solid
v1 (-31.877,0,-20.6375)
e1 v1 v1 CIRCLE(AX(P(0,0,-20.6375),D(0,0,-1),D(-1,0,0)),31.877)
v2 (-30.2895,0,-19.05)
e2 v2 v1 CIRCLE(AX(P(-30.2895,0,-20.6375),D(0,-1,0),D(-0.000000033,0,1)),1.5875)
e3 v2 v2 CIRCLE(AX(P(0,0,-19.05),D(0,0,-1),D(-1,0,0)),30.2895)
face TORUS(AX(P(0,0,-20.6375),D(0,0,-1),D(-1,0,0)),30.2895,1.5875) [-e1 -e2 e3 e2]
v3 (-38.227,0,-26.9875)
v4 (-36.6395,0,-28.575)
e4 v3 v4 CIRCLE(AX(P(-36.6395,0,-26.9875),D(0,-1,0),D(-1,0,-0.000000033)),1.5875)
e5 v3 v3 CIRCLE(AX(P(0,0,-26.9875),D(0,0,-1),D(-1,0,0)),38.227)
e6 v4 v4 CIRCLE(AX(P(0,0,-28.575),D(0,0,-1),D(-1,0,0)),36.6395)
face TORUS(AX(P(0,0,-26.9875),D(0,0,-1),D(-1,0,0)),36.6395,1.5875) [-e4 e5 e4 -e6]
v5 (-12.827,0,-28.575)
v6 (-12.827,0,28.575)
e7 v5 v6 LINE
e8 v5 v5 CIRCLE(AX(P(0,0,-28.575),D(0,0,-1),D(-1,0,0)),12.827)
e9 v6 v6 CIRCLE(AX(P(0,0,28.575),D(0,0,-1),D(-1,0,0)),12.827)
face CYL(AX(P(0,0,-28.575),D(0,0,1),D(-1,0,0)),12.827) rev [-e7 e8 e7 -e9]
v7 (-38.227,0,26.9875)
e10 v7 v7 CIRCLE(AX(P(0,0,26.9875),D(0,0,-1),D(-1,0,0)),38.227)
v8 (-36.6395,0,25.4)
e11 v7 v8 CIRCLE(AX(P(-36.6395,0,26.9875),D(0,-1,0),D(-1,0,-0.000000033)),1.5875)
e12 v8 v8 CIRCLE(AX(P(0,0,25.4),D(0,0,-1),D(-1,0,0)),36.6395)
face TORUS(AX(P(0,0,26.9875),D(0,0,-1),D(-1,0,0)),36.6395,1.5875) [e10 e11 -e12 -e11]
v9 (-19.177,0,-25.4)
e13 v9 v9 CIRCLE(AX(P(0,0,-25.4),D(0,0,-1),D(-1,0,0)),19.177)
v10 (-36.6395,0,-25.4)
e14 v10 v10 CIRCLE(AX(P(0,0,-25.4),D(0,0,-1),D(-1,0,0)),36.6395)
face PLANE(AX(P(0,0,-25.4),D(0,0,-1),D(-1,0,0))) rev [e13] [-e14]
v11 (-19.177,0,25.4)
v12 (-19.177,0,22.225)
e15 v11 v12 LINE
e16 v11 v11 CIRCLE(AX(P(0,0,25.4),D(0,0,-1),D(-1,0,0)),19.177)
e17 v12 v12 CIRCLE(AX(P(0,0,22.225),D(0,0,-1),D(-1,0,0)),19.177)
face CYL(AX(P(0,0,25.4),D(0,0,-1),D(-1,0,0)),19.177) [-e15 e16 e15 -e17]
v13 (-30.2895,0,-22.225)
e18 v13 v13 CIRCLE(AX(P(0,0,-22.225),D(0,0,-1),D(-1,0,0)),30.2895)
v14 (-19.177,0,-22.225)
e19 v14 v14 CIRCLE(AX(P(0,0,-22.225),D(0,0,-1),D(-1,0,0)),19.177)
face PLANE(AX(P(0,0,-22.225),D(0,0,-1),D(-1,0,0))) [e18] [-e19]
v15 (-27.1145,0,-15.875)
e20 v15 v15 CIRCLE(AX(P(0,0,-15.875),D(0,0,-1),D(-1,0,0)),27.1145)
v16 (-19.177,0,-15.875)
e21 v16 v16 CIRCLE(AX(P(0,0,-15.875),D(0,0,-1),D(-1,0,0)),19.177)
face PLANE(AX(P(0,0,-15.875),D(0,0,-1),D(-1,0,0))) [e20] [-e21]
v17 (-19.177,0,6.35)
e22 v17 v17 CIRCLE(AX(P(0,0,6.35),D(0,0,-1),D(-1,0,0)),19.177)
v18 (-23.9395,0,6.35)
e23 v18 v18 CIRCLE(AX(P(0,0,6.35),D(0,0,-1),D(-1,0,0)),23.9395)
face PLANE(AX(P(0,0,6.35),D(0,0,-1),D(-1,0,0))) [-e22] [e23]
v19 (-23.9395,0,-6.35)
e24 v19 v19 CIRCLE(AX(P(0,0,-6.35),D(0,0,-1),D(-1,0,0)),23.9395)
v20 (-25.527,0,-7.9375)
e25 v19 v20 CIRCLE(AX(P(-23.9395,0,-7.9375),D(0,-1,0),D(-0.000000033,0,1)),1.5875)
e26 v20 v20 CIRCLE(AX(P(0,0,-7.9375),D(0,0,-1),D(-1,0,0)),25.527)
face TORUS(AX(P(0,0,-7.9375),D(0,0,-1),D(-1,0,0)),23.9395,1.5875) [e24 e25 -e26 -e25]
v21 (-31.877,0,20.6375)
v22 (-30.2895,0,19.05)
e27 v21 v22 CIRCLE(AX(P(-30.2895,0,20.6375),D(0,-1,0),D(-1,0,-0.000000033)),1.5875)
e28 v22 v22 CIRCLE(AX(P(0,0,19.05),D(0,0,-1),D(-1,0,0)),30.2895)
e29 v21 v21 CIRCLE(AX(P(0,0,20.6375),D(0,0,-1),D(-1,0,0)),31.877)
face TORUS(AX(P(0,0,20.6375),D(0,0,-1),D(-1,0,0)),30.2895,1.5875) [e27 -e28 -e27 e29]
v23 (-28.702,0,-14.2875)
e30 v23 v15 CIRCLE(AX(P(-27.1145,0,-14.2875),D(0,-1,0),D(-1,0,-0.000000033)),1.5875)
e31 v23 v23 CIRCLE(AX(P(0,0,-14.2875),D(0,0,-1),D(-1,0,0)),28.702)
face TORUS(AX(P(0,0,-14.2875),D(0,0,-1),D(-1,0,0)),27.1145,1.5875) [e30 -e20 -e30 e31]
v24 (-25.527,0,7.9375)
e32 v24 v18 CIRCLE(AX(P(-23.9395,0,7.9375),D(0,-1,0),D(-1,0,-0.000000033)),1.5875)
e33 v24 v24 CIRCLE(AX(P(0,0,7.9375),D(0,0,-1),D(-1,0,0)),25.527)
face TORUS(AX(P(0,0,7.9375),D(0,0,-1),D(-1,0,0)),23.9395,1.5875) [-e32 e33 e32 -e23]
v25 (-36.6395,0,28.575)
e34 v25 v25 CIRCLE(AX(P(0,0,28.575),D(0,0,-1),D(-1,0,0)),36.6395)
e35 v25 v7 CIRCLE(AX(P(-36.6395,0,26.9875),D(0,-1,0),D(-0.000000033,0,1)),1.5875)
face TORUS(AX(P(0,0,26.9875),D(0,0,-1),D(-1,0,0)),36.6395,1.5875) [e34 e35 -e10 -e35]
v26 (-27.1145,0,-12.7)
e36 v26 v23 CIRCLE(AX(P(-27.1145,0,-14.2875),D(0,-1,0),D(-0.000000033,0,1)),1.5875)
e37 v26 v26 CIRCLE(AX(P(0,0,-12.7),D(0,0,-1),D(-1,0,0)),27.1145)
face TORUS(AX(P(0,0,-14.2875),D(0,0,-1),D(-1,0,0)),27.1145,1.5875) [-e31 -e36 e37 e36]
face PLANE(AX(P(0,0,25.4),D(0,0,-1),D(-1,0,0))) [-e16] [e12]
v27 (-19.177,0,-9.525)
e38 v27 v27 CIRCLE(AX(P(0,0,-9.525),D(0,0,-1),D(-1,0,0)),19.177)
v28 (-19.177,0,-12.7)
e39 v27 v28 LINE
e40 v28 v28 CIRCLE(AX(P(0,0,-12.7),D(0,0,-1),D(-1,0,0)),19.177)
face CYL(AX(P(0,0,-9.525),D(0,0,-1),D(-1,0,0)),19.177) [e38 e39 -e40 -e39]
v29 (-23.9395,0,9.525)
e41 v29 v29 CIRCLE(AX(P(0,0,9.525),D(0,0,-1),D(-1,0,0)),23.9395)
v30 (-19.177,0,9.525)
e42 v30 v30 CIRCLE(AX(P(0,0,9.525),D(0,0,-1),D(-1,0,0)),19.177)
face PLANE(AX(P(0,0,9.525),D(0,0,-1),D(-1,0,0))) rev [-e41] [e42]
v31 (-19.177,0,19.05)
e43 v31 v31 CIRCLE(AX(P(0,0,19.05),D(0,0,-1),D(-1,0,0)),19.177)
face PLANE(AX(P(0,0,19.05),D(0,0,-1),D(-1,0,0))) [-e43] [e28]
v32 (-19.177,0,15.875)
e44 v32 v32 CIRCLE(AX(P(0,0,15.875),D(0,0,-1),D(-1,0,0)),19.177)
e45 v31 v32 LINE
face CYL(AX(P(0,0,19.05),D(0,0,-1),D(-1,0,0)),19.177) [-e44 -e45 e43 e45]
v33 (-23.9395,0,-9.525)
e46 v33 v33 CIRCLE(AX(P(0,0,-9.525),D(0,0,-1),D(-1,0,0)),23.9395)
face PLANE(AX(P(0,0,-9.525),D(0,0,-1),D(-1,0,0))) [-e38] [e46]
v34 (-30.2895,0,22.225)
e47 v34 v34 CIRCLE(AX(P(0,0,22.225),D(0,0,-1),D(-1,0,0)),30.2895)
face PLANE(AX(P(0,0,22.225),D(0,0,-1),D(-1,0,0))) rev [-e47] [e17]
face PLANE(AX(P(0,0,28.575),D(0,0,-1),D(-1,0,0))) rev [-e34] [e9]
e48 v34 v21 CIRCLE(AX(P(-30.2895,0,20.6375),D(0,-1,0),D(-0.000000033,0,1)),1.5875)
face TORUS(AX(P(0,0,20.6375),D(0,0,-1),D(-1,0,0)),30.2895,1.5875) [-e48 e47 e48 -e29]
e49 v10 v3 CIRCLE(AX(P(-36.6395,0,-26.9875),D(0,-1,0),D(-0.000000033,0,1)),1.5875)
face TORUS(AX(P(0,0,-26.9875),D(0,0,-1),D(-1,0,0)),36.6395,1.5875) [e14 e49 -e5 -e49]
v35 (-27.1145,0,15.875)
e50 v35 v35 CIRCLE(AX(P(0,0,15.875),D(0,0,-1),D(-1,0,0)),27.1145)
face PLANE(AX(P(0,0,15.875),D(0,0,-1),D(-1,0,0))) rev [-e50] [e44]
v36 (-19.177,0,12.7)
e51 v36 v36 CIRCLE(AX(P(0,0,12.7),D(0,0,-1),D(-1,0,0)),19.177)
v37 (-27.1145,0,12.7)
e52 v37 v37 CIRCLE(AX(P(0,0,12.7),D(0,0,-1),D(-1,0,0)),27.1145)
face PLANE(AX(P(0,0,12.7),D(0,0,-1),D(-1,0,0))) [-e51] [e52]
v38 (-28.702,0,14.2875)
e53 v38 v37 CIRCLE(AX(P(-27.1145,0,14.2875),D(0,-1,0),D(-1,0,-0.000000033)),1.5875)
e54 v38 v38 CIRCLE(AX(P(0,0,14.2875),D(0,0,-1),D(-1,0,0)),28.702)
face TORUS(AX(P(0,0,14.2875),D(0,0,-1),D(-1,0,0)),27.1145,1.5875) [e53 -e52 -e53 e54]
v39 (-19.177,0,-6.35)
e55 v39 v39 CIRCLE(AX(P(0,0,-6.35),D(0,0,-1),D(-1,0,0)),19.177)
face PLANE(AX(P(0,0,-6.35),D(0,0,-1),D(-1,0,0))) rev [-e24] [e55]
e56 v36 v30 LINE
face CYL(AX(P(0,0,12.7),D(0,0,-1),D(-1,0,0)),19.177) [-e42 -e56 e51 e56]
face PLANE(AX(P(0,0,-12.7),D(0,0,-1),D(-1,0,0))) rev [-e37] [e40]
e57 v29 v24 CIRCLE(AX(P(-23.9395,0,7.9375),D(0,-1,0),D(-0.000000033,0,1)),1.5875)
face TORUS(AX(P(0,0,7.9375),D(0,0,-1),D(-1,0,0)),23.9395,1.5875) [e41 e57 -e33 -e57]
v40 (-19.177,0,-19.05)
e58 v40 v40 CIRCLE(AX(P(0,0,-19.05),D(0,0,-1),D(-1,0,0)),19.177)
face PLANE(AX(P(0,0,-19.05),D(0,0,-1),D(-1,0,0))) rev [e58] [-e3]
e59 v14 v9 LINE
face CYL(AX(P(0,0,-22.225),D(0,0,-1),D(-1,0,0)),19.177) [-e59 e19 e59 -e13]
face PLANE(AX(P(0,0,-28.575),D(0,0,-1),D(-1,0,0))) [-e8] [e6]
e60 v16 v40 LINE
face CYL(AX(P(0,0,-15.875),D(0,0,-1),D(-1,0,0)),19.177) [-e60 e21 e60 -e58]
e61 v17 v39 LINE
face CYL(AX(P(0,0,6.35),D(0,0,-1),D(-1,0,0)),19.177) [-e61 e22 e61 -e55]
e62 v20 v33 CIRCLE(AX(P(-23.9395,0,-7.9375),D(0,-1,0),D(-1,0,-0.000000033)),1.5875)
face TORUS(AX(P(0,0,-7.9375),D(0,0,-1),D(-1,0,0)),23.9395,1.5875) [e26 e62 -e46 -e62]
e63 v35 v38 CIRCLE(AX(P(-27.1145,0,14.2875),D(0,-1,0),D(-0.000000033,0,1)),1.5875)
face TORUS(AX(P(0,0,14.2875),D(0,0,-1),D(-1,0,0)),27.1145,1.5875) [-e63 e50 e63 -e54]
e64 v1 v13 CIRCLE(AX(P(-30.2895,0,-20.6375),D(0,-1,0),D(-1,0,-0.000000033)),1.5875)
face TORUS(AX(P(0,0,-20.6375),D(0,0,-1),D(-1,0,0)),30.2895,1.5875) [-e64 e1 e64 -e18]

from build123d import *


with BuildPart() as f1:
    # F0 (on Front) → F1 (revolve)
    with BuildSketch(Plane.XZ):
        with BuildLine():
            Line((-36.6395, -28.575), (-12.827, -28.575))
            Line((-12.827, -28.575), (-12.827, 28.575))
            Line((-12.827, 28.575), (-36.6395, 28.575))
            ThreePointArc((-36.6395, 28.575), (-37.762032, 28.110032), (-38.227, 26.9875))
            ThreePointArc((-38.227, 26.9875), (-37.762032, 25.864968), (-36.6395, 25.4))
            Line((-36.6395, 25.4), (-19.177, 25.4))
            Line((-19.177, 25.4), (-19.177, 22.225))
            Line((-19.177, 22.225), (-30.2895, 22.225))
            ThreePointArc((-30.2895, 22.225), (-31.412032, 21.760032), (-31.877, 20.6375))
            ThreePointArc((-31.877, 20.6375), (-31.412032, 19.514968), (-30.2895, 19.05))
            Line((-30.2895, 19.05), (-19.177, 19.05))
            Line((-19.177, 19.05), (-19.177, 15.875))
            Line((-19.177, 15.875), (-27.1145, 15.875))
            ThreePointArc((-27.1145, 15.875), (-28.237032, 15.410032), (-28.702, 14.2875))
            ThreePointArc((-28.702, 14.2875), (-28.237032, 13.164968), (-27.1145, 12.7))
            Line((-27.1145, 12.7), (-19.177, 12.7))
            Line((-19.177, 12.7), (-19.177, 9.525))
            Line((-19.177, 9.525), (-23.9395, 9.525))
            ThreePointArc((-23.9395, 9.525), (-25.062032, 9.060032), (-25.527, 7.9375))
            ThreePointArc((-25.527, 7.9375), (-25.062032, 6.814968), (-23.9395, 6.35))
            Line((-23.9395, 6.35), (-19.177, 6.35))
            Line((-19.177, 6.35), (-19.177, 0))
            Line((-19.177, 0), (-19.177, -6.35))
            Line((-19.177, -6.35), (-23.9395, -6.35))
            ThreePointArc((-23.9395, -6.35), (-25.062032, -6.814968), (-25.527, -7.9375))
            ThreePointArc((-25.527, -7.9375), (-25.062032, -9.060032), (-23.9395, -9.525))
            Line((-23.9395, -9.525), (-19.177, -9.525))
            Line((-19.177, -9.525), (-19.177, -12.7))
            Line((-19.177, -12.7), (-27.1145, -12.7))
            ThreePointArc((-27.1145, -12.7), (-28.237032, -13.164968), (-28.702, -14.2875))
            ThreePointArc((-28.702, -14.2875), (-28.237032, -15.410032), (-27.1145, -15.875))
            Line((-27.1145, -15.875), (-19.177, -15.875))
            Line((-19.177, -15.875), (-19.177, -19.05))
            Line((-19.177, -19.05), (-30.2895, -19.05))
            ThreePointArc((-30.2895, -19.05), (-31.412032, -19.514968), (-31.877, -20.6375))
            ThreePointArc((-31.877, -20.6375), (-31.412032, -21.760032), (-30.2895, -22.225))
            Line((-30.2895, -22.225), (-19.177, -22.225))
            Line((-19.177, -22.225), (-19.177, -25.4))
            Line((-19.177, -25.4), (-36.6395, -25.4))
            ThreePointArc((-36.6395, -25.4), (-37.762032, -25.864968), (-38.227, -26.9875))
            ThreePointArc((-38.227, -26.9875), (-37.762032, -28.110032), (-36.6395, -28.575))
        make_face()
    revolve(axis=Axis((0, 0, -0.054658), (0, 0, -1)))


solid = f1.part
